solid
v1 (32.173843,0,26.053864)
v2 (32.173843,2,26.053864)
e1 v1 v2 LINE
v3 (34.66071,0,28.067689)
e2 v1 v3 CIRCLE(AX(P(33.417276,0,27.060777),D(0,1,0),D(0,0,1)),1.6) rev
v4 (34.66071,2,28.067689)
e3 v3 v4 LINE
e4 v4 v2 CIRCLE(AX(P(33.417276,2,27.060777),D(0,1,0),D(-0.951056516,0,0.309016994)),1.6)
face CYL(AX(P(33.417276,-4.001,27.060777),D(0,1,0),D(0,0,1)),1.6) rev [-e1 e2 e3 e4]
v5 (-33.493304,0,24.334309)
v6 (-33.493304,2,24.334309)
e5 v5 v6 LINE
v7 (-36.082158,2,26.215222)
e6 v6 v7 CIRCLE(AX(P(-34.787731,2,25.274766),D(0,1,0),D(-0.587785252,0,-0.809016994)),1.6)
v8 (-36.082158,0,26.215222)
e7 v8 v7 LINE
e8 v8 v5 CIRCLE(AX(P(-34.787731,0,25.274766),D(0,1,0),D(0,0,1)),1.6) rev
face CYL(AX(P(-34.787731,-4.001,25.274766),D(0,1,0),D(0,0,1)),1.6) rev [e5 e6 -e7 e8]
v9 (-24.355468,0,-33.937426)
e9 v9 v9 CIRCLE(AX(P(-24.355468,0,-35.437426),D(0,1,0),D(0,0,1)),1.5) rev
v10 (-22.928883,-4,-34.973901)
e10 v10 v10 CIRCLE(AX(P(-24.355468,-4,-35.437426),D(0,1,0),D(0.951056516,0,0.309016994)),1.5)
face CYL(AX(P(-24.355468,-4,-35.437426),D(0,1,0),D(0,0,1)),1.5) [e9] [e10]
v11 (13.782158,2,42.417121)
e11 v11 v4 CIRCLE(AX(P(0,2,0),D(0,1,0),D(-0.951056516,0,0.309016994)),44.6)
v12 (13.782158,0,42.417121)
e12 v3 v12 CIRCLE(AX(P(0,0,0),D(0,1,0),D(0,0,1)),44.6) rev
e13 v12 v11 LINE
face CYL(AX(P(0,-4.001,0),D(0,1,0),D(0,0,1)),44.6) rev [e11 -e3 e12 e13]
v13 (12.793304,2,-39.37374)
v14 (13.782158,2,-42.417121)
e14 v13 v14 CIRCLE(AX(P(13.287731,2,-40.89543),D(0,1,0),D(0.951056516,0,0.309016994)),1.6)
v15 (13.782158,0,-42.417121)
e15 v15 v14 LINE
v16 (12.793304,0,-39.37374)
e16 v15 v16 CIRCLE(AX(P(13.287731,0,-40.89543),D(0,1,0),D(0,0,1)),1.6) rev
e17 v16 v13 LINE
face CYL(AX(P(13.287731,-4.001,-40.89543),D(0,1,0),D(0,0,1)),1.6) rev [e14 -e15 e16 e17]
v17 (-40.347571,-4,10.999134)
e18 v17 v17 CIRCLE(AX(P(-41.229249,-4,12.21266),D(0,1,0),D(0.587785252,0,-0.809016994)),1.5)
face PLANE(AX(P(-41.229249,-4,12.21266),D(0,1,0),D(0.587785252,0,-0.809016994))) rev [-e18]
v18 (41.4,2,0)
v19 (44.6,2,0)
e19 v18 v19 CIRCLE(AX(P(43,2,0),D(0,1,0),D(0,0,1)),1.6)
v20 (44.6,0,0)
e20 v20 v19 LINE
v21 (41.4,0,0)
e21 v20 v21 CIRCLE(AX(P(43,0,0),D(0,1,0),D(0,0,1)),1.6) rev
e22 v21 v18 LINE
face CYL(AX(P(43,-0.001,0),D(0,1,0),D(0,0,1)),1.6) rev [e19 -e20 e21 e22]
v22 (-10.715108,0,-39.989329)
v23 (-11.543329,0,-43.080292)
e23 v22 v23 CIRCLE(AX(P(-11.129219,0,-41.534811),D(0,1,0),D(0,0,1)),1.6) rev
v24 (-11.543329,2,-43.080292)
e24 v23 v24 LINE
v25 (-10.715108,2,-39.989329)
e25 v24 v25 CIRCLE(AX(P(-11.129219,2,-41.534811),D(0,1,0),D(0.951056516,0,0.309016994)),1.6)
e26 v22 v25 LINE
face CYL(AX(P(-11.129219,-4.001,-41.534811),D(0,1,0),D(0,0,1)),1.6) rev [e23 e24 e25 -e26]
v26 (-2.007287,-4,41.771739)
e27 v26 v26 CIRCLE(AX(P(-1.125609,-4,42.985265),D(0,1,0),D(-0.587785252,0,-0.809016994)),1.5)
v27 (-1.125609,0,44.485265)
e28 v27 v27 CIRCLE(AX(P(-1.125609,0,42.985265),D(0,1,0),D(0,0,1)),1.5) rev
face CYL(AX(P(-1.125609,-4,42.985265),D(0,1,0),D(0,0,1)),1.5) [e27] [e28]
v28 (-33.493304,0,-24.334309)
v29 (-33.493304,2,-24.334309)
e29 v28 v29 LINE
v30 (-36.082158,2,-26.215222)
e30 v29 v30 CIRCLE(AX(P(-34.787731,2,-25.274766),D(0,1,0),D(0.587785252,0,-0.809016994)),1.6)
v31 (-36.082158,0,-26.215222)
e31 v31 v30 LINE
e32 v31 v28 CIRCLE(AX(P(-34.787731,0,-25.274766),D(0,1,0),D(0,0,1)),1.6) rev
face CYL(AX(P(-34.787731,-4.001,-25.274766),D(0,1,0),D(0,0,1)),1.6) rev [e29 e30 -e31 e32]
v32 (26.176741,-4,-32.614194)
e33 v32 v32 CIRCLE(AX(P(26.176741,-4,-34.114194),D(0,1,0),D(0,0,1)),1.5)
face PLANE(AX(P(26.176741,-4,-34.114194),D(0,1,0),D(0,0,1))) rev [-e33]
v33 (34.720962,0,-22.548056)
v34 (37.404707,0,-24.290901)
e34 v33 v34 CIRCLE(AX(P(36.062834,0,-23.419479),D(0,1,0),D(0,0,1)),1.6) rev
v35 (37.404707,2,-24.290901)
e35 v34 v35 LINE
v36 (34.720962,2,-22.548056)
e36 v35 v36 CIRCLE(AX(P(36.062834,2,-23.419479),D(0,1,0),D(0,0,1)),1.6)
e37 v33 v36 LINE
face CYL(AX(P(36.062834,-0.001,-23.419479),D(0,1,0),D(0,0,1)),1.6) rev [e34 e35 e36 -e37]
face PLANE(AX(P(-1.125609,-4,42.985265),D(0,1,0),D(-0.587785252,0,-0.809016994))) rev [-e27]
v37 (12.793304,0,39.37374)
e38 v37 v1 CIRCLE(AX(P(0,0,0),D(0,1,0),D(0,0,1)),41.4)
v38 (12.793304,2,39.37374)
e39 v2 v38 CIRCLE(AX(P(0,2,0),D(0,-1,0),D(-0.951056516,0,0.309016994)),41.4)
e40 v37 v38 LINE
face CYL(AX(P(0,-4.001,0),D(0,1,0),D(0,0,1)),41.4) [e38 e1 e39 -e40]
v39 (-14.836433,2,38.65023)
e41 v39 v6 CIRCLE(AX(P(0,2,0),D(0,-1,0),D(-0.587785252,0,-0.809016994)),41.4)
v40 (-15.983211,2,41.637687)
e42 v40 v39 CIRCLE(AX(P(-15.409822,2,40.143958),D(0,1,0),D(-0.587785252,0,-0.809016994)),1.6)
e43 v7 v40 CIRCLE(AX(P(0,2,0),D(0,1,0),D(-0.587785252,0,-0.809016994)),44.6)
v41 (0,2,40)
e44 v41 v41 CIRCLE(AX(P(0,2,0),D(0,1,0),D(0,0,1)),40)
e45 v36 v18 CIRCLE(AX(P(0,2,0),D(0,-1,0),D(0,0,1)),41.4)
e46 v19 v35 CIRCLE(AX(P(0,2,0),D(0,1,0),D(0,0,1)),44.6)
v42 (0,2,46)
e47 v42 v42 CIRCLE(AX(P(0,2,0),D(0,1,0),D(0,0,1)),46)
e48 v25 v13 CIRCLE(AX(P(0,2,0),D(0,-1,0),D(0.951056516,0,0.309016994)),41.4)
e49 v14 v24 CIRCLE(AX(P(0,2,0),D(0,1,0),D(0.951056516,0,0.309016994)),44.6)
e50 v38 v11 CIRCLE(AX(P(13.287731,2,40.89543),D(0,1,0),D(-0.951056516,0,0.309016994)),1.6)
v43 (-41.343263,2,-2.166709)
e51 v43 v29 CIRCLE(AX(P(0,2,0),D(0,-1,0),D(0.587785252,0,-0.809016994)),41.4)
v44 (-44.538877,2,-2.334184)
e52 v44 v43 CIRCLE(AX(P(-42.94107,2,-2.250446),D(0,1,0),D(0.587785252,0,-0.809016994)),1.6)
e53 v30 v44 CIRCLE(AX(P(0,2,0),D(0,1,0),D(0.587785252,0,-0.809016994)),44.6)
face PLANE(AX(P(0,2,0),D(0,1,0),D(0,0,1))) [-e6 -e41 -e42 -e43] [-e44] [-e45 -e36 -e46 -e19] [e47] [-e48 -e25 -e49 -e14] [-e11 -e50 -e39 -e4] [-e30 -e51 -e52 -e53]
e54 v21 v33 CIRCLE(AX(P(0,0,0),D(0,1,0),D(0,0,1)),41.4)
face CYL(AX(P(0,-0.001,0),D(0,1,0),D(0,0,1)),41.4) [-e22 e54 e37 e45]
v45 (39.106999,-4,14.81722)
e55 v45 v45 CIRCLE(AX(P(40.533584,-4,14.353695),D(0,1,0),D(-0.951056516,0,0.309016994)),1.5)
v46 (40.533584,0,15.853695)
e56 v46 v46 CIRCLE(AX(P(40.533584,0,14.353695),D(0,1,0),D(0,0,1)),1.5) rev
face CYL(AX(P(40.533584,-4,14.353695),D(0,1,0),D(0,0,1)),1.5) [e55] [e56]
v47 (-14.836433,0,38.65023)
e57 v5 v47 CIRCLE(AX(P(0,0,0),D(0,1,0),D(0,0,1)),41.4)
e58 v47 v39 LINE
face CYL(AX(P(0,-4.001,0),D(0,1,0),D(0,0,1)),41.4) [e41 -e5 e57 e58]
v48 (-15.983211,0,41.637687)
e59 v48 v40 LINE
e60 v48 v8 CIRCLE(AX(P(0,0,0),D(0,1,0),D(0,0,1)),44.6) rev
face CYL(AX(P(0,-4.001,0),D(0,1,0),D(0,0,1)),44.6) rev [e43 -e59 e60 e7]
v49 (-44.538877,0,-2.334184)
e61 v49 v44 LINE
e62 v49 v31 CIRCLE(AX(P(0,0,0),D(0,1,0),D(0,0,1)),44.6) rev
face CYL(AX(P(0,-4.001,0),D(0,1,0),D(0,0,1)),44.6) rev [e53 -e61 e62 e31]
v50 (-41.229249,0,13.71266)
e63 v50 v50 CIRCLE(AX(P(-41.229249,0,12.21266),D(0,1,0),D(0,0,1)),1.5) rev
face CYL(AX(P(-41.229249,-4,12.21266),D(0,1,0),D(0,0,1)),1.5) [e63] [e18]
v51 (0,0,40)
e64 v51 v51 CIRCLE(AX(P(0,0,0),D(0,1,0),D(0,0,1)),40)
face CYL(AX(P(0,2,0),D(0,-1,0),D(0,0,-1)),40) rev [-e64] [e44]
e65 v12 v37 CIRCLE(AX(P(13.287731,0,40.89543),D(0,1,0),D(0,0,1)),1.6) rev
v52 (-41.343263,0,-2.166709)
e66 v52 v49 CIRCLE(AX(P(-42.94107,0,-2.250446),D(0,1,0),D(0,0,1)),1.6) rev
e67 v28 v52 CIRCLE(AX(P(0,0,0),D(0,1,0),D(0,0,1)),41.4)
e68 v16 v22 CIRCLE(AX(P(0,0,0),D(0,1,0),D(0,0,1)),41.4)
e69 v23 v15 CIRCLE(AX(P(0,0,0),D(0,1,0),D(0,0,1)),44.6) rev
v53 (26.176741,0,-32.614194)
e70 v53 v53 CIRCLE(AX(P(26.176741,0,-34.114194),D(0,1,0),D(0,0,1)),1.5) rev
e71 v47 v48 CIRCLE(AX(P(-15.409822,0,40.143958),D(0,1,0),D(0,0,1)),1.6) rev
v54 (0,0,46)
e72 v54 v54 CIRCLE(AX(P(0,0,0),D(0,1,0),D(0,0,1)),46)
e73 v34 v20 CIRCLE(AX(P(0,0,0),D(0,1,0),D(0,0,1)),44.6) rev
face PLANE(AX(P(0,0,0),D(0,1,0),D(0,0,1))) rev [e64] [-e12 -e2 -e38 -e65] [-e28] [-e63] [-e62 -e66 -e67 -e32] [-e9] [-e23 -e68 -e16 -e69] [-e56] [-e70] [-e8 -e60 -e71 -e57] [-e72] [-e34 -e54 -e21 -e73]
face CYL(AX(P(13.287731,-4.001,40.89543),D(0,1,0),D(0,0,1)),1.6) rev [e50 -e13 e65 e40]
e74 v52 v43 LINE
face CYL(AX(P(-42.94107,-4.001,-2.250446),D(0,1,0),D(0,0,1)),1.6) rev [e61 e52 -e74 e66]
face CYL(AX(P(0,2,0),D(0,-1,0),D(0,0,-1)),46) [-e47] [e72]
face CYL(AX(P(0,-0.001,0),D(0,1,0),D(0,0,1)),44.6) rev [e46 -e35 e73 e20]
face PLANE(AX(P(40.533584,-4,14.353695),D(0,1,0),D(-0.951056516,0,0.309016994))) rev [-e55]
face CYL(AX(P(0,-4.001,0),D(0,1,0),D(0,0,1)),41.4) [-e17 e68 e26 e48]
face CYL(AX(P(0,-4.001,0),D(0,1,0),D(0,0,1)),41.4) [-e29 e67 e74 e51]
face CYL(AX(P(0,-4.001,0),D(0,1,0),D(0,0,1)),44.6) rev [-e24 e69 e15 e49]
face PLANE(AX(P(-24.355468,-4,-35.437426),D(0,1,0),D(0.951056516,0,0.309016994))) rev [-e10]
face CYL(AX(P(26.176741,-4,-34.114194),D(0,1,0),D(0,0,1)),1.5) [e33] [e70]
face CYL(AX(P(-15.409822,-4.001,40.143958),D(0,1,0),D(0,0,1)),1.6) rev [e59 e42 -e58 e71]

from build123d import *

# Parameters (mm, degrees)
SKETCH1_R           = 46
SKETCH1_R_2         = 40
BOSS_EXTRUDE1_DEPTH = 2
CUT_EXTRUDE1_REACH  = 67.085
SKETCH2_R           = 1.5
SKETCH3_R           = 1.5
BOSS_EXTRUDE2_DEPTH = 6
CIRPATTERN1_COUNT   = 5


with BuildPart() as part:
    # Sketch1 → Boss-Extrude1 (new body)
    with BuildSketch(Plane(origin=(0, 0, 0), x_dir=(1, 0, 0), z_dir=(0, 1, 0))):
        with Locations(Location((0, 0, 0), (0, 0, 270))):
            Circle(SKETCH1_R)
        with Locations(Location((0, 0, 0), (0, 0, 270))):
            Circle(SKETCH1_R_2, mode=Mode.SUBTRACT)
    extrude(amount=BOSS_EXTRUDE1_DEPTH)

    # Sketch2 → Cut-Extrude1 (cut, up to next)
    with BuildSketch(Plane(origin=(0, 2, 0), x_dir=(1, 0, 0), z_dir=(0, 1, 0)), mode=Mode.PRIVATE) as cut_extrude1_sk1:
        with Locations(Location((26.176741447, 34.114193633, 0), (0, 0, 270))):
            Circle(SKETCH2_R)
    cut_extrude1_tool1 = extrude(cut_extrude1_sk1.sketch, amount=-CUT_EXTRUDE1_REACH, mode=Mode.PRIVATE) & part.part
    # Sketch2 → Cut-Extrude1 (cut, up to next)
    with BuildSketch(Plane(origin=(0, 2, 0), x_dir=(1, 0, 0), z_dir=(0, 1, 0)), mode=Mode.PRIVATE) as cut_extrude1_sk2:
        with BuildLine():
            ThreePointArc((44.6, 0), (42.763360175, 12.667084374), (37.40470733, 24.290900962))
            ThreePointArc((37.40470733, 24.290900962), (35.191411966, 24.761351414), (34.720961513, 22.54805605))
            ThreePointArc((34.720961513, 22.54805605), (39.695137024, 11.758235271), (41.4, 0))
            ThreePointArc((41.4, 0), (43, -1.6), (44.6, 0))
        make_face()
    cut_extrude1_tool2 = extrude(cut_extrude1_sk2.sketch, amount=-CUT_EXTRUDE1_REACH, mode=Mode.PRIVATE) & part.part
    cut_extrude1_1 = cut_extrude1_tool1.solids().sort_by_distance((26.176741, 2, -34.114194))[0]
    add(cut_extrude1_1, mode=Mode.SUBTRACT)
    cut_extrude1_2 = cut_extrude1_tool2.solids().sort_by_distance((40.557599, 2, -12.013708))[0]
    add(cut_extrude1_2, mode=Mode.SUBTRACT)
    cut_extrude1 = cut_extrude1_1 + cut_extrude1_2  # Cut-Extrude1 as one shape, for the pattern or mirror that repeats it

    # Sketch3 → Boss-Extrude2 (add)
    with BuildSketch(Plane(origin=(0, 2, 0), x_dir=(1, 0, 0), z_dir=(0, 1, 0))):
        with Locations(Location((26.176741447, 34.114193633, 0), (0, 0, 270))):
            Circle(SKETCH3_R)
    boss_extrude2 = extrude(amount=-BOSS_EXTRUDE2_DEPTH)

    # CirPattern1: Cut-Extrude1, Boss-Extrude2 ×5 about axis
    cirpattern1_axis = Axis((0, 0, 0), (0, 1, 0))
    add([cut_extrude1.rotate(cirpattern1_axis, i * 360 / CIRPATTERN1_COUNT) for i in range(1, CIRPATTERN1_COUNT)], mode=Mode.SUBTRACT)
    add([boss_extrude2.rotate(cirpattern1_axis, i * 360 / CIRPATTERN1_COUNT) for i in range(1, CIRPATTERN1_COUNT)])


solid = part.part
